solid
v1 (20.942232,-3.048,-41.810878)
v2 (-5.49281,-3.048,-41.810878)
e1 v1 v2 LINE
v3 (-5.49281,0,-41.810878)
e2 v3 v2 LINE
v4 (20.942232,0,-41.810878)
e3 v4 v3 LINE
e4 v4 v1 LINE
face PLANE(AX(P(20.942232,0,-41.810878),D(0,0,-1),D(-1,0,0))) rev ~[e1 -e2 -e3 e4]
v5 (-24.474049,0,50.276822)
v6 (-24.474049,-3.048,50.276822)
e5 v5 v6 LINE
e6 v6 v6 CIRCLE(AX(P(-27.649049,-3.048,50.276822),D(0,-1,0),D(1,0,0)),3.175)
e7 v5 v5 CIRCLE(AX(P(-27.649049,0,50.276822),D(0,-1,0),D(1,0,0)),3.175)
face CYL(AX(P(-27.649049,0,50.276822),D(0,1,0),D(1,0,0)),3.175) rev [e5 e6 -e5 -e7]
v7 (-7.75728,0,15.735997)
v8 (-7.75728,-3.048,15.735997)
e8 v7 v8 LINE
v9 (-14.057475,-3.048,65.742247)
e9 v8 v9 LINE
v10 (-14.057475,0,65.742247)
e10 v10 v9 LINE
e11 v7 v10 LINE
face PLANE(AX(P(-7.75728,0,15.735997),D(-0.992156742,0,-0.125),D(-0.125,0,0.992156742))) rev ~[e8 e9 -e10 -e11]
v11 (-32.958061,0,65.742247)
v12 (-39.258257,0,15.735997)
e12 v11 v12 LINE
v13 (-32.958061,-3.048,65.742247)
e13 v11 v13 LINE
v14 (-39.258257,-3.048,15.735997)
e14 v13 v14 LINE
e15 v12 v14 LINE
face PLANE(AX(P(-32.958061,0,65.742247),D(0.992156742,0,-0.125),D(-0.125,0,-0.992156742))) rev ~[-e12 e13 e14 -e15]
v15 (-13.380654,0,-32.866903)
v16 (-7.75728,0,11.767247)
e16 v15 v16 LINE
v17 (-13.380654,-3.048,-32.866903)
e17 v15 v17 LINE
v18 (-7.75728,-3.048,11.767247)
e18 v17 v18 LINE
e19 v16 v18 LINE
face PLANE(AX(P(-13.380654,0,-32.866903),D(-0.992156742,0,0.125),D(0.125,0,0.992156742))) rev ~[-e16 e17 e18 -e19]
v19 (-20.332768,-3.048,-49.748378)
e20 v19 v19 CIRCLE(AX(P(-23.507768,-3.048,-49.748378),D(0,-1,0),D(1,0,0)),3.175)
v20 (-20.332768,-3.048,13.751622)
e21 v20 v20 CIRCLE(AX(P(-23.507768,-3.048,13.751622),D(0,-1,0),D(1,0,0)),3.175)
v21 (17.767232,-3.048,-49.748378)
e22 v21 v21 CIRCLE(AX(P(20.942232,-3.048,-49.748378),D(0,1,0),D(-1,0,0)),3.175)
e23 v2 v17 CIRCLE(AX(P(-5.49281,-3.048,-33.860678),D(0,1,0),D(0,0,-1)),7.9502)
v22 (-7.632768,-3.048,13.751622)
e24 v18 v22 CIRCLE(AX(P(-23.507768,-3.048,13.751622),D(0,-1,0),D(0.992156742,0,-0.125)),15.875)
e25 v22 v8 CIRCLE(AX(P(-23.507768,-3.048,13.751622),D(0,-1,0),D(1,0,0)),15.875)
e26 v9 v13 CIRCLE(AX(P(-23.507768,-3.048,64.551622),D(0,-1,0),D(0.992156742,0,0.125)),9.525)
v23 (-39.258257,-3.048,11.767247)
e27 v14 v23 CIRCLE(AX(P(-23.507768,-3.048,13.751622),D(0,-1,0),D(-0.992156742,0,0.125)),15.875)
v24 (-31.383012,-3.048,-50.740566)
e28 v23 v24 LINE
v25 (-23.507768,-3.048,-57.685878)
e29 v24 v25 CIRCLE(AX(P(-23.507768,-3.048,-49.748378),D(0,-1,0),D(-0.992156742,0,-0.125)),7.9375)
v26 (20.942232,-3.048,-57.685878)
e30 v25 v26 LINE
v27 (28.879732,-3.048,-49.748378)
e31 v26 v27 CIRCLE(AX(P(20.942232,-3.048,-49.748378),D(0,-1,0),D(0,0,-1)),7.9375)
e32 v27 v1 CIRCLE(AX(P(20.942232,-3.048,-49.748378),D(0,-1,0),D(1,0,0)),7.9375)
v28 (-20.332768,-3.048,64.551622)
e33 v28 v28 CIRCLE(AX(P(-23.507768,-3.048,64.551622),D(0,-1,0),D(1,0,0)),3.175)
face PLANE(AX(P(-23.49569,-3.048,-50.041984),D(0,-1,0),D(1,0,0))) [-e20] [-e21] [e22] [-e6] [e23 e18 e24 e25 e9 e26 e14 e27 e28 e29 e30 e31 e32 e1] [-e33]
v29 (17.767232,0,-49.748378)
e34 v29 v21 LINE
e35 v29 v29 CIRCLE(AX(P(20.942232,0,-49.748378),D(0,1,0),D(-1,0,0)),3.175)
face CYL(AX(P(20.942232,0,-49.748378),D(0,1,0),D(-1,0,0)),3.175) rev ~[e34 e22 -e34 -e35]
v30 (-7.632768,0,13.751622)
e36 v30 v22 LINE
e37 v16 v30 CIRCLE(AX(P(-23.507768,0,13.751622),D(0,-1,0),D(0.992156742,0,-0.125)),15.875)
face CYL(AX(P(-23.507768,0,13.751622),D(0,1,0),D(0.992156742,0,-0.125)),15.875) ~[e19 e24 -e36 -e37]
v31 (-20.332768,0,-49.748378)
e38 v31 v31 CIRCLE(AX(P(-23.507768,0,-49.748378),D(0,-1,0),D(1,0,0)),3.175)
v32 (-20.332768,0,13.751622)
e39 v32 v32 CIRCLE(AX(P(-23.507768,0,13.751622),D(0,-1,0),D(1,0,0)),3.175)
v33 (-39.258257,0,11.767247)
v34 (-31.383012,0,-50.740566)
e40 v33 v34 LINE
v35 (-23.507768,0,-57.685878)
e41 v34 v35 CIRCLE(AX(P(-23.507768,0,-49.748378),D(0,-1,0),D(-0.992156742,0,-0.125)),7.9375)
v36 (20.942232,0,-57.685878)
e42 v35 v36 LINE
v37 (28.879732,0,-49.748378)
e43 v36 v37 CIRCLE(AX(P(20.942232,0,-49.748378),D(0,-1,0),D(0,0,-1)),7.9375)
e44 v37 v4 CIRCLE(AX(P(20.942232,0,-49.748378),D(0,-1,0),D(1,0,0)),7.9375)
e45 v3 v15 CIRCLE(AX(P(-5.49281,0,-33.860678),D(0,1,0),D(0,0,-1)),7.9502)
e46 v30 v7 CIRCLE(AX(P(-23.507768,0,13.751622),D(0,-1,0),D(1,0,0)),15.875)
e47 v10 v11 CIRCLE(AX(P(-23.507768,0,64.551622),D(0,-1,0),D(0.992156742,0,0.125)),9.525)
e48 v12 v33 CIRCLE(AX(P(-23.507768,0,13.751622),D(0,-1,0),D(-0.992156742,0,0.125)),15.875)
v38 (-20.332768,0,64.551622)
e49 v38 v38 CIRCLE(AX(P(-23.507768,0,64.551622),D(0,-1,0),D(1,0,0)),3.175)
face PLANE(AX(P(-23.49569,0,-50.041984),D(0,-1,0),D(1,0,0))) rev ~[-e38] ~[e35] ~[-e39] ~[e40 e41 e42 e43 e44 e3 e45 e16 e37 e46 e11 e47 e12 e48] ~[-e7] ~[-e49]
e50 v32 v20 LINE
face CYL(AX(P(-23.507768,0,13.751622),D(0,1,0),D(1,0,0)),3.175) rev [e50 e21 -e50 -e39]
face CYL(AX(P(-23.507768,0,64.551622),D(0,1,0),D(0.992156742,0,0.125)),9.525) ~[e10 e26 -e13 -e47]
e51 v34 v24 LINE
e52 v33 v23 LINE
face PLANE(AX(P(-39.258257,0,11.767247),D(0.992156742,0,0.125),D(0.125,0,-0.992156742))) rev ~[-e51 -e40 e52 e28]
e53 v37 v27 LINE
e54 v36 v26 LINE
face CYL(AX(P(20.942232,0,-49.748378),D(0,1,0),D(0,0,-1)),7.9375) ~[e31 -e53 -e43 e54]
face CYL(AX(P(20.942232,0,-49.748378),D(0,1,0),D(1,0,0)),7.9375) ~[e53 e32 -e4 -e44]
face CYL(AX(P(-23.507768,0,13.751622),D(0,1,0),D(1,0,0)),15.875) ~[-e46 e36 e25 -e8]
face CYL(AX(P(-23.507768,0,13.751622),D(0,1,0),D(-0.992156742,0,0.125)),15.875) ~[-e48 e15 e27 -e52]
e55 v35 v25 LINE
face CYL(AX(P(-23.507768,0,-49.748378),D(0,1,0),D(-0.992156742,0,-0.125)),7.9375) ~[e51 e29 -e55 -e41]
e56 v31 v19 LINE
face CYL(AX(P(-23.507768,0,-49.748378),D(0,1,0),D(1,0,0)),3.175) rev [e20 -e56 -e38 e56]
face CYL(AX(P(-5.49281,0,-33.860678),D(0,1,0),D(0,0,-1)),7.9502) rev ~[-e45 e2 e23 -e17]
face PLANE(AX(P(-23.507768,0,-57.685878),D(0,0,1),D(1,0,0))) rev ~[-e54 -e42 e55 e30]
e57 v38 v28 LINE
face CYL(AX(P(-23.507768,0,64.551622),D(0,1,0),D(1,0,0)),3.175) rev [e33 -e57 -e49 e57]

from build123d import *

# Parameters (mm, degrees)
F0_R     = 3.175
F1_DEPTH = 3.048


with BuildPart() as f1:
    # F0 (on Front) → F1 (new body)
    with BuildSketch(Plane.XZ):
        with BuildLine():
            ThreePointArc((-23.5077682883, -57.6858783245), (-17.8951082126, -55.3610384002), (-15.5702682883, -49.7483783245))
            ThreePointArc((-15.5702682883, -49.7483783245), (-24.0048376566, -41.8264575793), (-31.3830124251, -50.7405658245))
            ThreePointArc((-31.3830124251, -50.7405658245), (-28.7579310461, -55.7015033245), (-23.5077682883, -57.6858783245))
        make_face()
        with Locations((-23.5077682883, -49.7483783245)):
            Circle(F0_R, mode=Mode.SUBTRACT)
        with BuildLine():
            ThreePointArc((-31.3830124251, -50.7405658245), (-24.0048376566, -41.8264575793), (-15.5702682883, -49.7483783245))
            Line((-15.5702682883, -49.7483783245), (13.0047317117, -49.7483783245))
            ThreePointArc((13.0047317117, -49.7483783245), (15.3295716361, -44.1357182488), (20.9422317117, -41.8108783245))
            Line((20.9422317117, -41.8108783245), (-5.4928098148, -41.8108783245))
            ThreePointArc((-5.4928098148, -41.8108783245), (-11.4554598148, -39.1192413428), (-13.3806543422, -32.8669033245))
            Line((-13.3806543422, -32.8669033245), (-7.7572800146, 11.7672466755))
            ThreePointArc((-7.7572800146, 11.7672466755), (-23.5077682883, -2.1233783245), (-39.2582565619, 11.7672466755))
            Line((-39.2582565619, 11.7672466755), (-31.3830124251, -50.7405658245))
        make_face()
        with BuildLine():
            Line((13.0047317117, -49.7483783245), (-15.5702682883, -49.7483783245))
            ThreePointArc((-15.5702682883, -49.7483783245), (-17.8951082126, -55.3610384002), (-23.5077682883, -57.6858783245))
            Line((-23.5077682883, -57.6858783245), (20.9422317117, -57.6858783245))
            ThreePointArc((20.9422317117, -57.6858783245), (15.3295716361, -55.3610384002), (13.0047317117, -49.7483783245))
        make_face()
        with BuildLine():
            ThreePointArc((20.9422317117, -41.8108783245), (15.3295716361, -44.1357182488), (13.0047317117, -49.7483783245))
            ThreePointArc((13.0047317117, -49.7483783245), (15.3295716361, -55.3610384002), (20.9422317117, -57.6858783245))
            ThreePointArc((20.9422317117, -57.6858783245), (26.5548917874, -55.3610384002), (28.8797317117, -49.7483783245))
            ThreePointArc((28.8797317117, -49.7483783245), (26.5548917874, -44.1357182488), (20.9422317117, -41.8108783245))
        make_face()
        with BuildLine():
            ThreePointArc((24.1172317117, -49.7483783245), (20.9422317117, -52.9233783245), (17.7672317117, -49.7483783245))
            ThreePointArc((17.7672317117, -49.7483783245), (20.9422317117, -46.5733783245), (24.1172317117, -49.7483783245))
        make_face(mode=Mode.SUBTRACT)
        with BuildLine():
            ThreePointArc((-39.2582565619, 15.7359966755), (-39.3827682883, 13.7516216755), (-39.2582565619, 11.7672466755))
            ThreePointArc((-39.2582565619, 11.7672466755), (-23.5077682883, -2.1233783245), (-7.7572800146, 11.7672466755))
            ThreePointArc((-7.7572800146, 11.7672466755), (-7.6639267979, 12.7574829389), (-7.6327682883, 13.7516216755))
            ThreePointArc((-7.6327682883, 13.7516216755), (-7.6639267979, 14.7457604121), (-7.7572800146, 15.7359966755))
            ThreePointArc((-7.7572800146, 15.7359966755), (-23.5077682883, 29.6266216755), (-39.2582565619, 15.7359966755))
        make_face()
        with Locations((-23.5077682883, 13.7516216755)):
            Circle(F0_R, mode=Mode.SUBTRACT)
        with BuildLine():
            Line((-32.9580612525, 65.7422466755), (-39.2582565619, 15.7359966755))
            ThreePointArc((-39.2582565619, 15.7359966755), (-23.5077682883, 29.6266216755), (-7.7572800146, 15.7359966755))
            Line((-7.7572800146, 15.7359966755), (-14.057475324, 65.7422466755))
            ThreePointArc((-14.057475324, 65.7422466755), (-14.001463394, 65.1481049175), (-13.9827682883, 64.5516216755))
            ThreePointArc((-13.9827682883, 64.5516216755), (-24.1042515302, 55.0453167813), (-32.9580612525, 65.7422466755))
        make_face()
        with Locations((-27.6490487158, 50.2768216755)):
            Circle(F0_R, mode=Mode.SUBTRACT)
        with BuildLine():
            ThreePointArc((-14.057475324, 65.7422466755), (-23.5077682883, 74.0766216755), (-32.9580612525, 65.7422466755))
            ThreePointArc((-32.9580612525, 65.7422466755), (-24.1042515302, 55.0453167813), (-13.9827682883, 64.5516216755))
            ThreePointArc((-13.9827682883, 64.5516216755), (-14.001463394, 65.1481049175), (-14.057475324, 65.7422466755))
        make_face()
        with Locations((-23.5077682883, 64.5516216755)):
            Circle(F0_R, mode=Mode.SUBTRACT)
    extrude(amount=F1_DEPTH)


solid = f1.part
